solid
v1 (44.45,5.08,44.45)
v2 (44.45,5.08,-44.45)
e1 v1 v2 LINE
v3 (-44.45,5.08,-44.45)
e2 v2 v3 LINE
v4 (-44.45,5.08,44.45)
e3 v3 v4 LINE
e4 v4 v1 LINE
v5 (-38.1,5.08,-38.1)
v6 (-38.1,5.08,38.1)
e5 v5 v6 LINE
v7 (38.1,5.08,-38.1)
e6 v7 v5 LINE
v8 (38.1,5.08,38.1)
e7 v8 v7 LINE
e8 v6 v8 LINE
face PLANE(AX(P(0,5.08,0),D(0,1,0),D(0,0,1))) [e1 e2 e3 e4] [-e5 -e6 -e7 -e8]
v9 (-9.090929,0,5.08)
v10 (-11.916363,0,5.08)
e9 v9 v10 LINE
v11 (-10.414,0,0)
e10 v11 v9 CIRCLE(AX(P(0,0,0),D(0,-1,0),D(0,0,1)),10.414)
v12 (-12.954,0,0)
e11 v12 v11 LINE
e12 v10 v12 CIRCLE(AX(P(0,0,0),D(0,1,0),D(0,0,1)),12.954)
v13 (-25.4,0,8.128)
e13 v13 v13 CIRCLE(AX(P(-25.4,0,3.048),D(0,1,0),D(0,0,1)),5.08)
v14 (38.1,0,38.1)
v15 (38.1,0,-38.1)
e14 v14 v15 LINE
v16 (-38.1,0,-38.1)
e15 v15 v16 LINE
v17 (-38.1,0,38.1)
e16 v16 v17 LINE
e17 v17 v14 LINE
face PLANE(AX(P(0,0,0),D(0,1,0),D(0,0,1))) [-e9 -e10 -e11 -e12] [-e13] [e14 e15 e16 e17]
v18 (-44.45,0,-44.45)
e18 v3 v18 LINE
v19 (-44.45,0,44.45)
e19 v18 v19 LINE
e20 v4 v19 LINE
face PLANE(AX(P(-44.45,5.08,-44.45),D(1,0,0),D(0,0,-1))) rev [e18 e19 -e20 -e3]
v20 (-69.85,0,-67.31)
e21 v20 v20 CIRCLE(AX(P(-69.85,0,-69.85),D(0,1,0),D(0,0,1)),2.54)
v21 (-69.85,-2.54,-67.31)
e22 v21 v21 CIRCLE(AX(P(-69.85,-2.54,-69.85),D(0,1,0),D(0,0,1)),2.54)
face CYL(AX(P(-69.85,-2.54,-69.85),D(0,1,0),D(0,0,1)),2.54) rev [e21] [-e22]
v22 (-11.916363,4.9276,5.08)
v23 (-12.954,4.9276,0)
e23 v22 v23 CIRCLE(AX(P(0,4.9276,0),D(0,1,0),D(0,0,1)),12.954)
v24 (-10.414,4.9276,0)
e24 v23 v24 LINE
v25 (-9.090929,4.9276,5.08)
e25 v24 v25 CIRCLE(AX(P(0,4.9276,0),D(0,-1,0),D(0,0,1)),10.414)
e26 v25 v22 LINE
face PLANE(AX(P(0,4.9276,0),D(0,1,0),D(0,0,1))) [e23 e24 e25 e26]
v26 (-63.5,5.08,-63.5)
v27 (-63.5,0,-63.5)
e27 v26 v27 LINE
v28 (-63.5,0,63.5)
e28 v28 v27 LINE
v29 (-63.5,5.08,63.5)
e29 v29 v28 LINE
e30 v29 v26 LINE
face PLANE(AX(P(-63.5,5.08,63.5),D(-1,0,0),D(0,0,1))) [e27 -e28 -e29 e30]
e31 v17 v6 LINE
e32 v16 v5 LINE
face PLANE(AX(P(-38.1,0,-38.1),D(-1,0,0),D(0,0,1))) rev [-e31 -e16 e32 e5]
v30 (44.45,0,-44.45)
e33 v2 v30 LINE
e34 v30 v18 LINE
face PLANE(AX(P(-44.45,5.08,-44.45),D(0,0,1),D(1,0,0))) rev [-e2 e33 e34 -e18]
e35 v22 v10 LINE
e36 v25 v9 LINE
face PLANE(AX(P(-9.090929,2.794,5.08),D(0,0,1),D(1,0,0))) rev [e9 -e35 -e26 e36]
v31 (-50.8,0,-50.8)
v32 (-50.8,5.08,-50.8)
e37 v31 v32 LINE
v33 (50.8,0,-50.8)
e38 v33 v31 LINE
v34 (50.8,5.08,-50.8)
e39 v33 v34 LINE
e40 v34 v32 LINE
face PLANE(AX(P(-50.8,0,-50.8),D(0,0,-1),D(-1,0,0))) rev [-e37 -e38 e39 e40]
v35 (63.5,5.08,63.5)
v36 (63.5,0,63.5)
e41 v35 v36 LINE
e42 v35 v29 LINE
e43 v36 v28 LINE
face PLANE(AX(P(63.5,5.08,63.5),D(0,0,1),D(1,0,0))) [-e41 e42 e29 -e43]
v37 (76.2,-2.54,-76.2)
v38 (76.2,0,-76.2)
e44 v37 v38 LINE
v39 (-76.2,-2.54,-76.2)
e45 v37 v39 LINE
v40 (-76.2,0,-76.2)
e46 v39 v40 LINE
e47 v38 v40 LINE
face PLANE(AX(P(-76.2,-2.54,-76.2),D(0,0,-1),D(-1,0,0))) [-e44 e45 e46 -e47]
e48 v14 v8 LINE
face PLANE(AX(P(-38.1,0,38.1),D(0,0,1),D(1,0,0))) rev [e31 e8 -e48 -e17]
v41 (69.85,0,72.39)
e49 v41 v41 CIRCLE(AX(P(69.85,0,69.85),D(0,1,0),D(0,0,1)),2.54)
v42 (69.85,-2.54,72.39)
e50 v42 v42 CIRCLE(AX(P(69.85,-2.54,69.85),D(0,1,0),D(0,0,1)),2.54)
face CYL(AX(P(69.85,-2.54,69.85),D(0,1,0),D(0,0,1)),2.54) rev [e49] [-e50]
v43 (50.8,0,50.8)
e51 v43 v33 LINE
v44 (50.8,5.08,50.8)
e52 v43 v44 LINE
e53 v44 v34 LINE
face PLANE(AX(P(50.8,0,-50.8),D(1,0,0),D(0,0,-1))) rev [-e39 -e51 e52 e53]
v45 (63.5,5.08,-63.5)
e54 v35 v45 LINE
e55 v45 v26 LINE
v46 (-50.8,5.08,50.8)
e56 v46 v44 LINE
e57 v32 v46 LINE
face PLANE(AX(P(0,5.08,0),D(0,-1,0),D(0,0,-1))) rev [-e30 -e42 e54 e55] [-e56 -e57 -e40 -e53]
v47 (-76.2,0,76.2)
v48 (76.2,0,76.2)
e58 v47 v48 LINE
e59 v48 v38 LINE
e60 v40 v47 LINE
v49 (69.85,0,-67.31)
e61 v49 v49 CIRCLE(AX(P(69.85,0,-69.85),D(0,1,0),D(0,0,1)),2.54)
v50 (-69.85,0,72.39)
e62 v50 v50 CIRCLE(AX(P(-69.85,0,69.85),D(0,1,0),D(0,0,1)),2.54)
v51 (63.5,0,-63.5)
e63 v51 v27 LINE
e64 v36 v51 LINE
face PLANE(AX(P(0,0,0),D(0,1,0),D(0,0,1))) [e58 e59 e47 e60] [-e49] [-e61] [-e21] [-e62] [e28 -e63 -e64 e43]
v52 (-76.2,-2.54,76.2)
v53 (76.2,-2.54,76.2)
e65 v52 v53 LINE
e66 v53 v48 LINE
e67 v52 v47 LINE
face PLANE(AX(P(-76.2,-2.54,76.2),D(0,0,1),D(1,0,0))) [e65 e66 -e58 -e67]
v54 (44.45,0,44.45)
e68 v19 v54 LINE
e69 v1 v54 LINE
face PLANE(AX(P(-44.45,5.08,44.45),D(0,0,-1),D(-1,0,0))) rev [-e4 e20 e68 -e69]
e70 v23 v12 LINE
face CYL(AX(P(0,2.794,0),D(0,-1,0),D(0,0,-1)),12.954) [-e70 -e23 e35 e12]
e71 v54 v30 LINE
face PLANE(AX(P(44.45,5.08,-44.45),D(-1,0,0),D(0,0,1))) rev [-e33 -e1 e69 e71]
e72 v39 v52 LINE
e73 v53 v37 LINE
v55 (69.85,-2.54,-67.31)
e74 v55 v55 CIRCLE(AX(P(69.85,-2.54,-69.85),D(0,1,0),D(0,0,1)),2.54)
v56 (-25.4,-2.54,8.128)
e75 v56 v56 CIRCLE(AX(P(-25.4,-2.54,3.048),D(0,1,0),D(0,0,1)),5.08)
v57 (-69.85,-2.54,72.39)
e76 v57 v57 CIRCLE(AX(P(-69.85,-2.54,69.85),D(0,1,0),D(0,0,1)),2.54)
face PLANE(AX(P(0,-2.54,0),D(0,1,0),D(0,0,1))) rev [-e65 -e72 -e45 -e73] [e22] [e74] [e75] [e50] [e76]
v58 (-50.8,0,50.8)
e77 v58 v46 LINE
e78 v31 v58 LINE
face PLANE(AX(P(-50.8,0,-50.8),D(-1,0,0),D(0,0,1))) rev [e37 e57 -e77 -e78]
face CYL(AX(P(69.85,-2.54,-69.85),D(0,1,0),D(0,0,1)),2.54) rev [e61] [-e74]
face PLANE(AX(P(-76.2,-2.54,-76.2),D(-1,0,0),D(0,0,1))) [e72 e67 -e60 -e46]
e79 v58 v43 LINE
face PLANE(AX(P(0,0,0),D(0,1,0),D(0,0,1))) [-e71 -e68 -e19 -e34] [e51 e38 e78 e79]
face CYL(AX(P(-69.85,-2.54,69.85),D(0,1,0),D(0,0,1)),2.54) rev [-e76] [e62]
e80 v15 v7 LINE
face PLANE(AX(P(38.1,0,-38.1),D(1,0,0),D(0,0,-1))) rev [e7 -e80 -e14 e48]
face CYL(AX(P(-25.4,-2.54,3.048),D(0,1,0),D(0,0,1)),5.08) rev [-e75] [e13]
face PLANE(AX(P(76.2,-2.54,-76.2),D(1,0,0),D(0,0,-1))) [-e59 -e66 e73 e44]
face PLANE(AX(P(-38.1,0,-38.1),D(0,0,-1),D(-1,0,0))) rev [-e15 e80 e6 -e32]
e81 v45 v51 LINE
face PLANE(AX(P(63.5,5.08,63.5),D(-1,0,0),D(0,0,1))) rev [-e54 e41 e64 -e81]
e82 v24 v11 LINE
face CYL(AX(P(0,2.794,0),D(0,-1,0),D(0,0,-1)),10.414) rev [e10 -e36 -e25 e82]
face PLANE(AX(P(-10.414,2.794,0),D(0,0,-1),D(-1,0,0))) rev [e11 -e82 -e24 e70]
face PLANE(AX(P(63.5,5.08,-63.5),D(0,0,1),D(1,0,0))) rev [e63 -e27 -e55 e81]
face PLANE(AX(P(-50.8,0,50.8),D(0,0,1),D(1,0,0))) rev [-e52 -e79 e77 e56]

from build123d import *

# Parameters (mm, degrees)
SKETCH1_W           = 152.4
SKETCH1_H           = 152.4
BOSS_EXTRUDE1_DEPTH = 2.54
SKETCH2_W           = 127
SKETCH2_H           = 127
BOSS_EXTRUDE3_DEPTH = 5.08
SKETCH3_W           = 101.6
SKETCH3_H           = 101.6
CUT_EXTRUDE2_DEPTH  = 5.08
SKETCH5_W           = 88.9
SKETCH5_H           = 88.9
BOSS_EXTRUDE4_DEPTH = 5.08
SKETCH6_W           = 76.2
SKETCH6_H           = 76.2
CUT_EXTRUDE3_DEPTH  = 5.08
BOSS_EXTRUDE5_DEPTH = 2.794
SKETCH8_R           = 5.08
CUT_EXTRUDE4_DEPTH  = 3.54
SKETCH9_R           = 2.54
CUT_EXTRUDE5_DEPTH  = 3.54
BOSS_EXTRUDE6_DEPTH = 4.9276


with BuildPart() as part:
    # Sketch1 → Boss-Extrude1 (new body)
    with BuildSketch(Plane(origin=(0, 0, 0), x_dir=(1, 0, 0), z_dir=(0, 1, 0))):
        Rectangle(SKETCH1_W, SKETCH1_H)
    extrude(amount=-BOSS_EXTRUDE1_DEPTH)

    # Sketch2 → Boss-Extrude3 (add)
    with BuildSketch(Plane(origin=(0, 0, 0), x_dir=(1, 0, 0), z_dir=(0, 1, 0))):
        Rectangle(SKETCH2_W, SKETCH2_H)
    extrude(amount=BOSS_EXTRUDE3_DEPTH)

    # Sketch3 → Cut-Extrude2 (cut)
    with BuildSketch(Plane(origin=(0, 5.08, 0), x_dir=(1, 0, 0), z_dir=(0, 1, 0))):
        Rectangle(SKETCH3_W, SKETCH3_H)
    extrude(amount=-CUT_EXTRUDE2_DEPTH, mode=Mode.SUBTRACT)

    # Sketch5 → Boss-Extrude4 (add)
    with BuildSketch(Plane(origin=(0, 0, 0), x_dir=(1, 0, 0), z_dir=(0, 1, 0))):
        Rectangle(SKETCH5_W, SKETCH5_H)
    extrude(amount=BOSS_EXTRUDE4_DEPTH)

    # Sketch6 → Cut-Extrude3 (cut)
    with BuildSketch(Plane(origin=(0, 5.08, 0), x_dir=(1, 0, 0), z_dir=(0, 1, 0))):
        Rectangle(SKETCH6_W, SKETCH6_H)
    extrude(amount=-CUT_EXTRUDE3_DEPTH, mode=Mode.SUBTRACT)

    # Sketch7 → Boss-Extrude5 (add)
    with BuildSketch(Plane(origin=(0, 0, 0), x_dir=(1, 0, 0), z_dir=(0, 1, 0))):
        with BuildLine():
            Line((-10.414, 0), (-12.954, 0))
            ThreePointArc((-12.954, 0), (12.691940102, 2.592445263), (-11.916363371, -5.08))
            Line((-11.916363371, -5.08), (-9.090929325, -5.08))
            ThreePointArc((-9.090929325, -5.08), (10.077805664, 2.624734082), (-10.414, 0))
        make_face()
    extrude(amount=BOSS_EXTRUDE5_DEPTH)

    # Sketch8 → Cut-Extrude4 (cut, through all)
    with BuildSketch(Plane(origin=(0, 0, 0), x_dir=(1, 0, 0), z_dir=(0, 1, 0))):
        with Locations((-25.4, -3.048)):
            Circle(SKETCH8_R)
    extrude(amount=-CUT_EXTRUDE4_DEPTH, mode=Mode.SUBTRACT)

    # Sketch9 → Cut-Extrude5 (cut, through all)
    with BuildSketch(Plane(origin=(0, 0, 0), x_dir=(1, 0, 0), z_dir=(0, 1, 0))):
        with Locations((-69.85, -69.85)):
            Circle(SKETCH9_R)
        with Locations((69.85, -69.85)):
            Circle(SKETCH9_R)
        with Locations((69.85, 69.85)):
            Circle(SKETCH9_R)
        with Locations((-69.85, 69.85)):
            Circle(SKETCH9_R)
    extrude(amount=-CUT_EXTRUDE5_DEPTH, mode=Mode.SUBTRACT)

    # Sketch7<2> → Boss-Extrude6 (add)
    with BuildSketch(Plane(origin=(0, 0, 0), x_dir=(1, 0, 0), z_dir=(0, 1, 0))):
        with BuildLine():
            Line((-10.414, 0), (-12.954, 0))
            ThreePointArc((-12.954, 0), (12.691940102, 2.592445263), (-11.916363371, -5.08))
            Line((-11.916363371, -5.08), (-9.090929325, -5.08))
            ThreePointArc((-9.090929325, -5.08), (10.077805664, 2.624734082), (-10.414, 0))
        make_face()
    extrude(amount=BOSS_EXTRUDE6_DEPTH)


solid = part.part
